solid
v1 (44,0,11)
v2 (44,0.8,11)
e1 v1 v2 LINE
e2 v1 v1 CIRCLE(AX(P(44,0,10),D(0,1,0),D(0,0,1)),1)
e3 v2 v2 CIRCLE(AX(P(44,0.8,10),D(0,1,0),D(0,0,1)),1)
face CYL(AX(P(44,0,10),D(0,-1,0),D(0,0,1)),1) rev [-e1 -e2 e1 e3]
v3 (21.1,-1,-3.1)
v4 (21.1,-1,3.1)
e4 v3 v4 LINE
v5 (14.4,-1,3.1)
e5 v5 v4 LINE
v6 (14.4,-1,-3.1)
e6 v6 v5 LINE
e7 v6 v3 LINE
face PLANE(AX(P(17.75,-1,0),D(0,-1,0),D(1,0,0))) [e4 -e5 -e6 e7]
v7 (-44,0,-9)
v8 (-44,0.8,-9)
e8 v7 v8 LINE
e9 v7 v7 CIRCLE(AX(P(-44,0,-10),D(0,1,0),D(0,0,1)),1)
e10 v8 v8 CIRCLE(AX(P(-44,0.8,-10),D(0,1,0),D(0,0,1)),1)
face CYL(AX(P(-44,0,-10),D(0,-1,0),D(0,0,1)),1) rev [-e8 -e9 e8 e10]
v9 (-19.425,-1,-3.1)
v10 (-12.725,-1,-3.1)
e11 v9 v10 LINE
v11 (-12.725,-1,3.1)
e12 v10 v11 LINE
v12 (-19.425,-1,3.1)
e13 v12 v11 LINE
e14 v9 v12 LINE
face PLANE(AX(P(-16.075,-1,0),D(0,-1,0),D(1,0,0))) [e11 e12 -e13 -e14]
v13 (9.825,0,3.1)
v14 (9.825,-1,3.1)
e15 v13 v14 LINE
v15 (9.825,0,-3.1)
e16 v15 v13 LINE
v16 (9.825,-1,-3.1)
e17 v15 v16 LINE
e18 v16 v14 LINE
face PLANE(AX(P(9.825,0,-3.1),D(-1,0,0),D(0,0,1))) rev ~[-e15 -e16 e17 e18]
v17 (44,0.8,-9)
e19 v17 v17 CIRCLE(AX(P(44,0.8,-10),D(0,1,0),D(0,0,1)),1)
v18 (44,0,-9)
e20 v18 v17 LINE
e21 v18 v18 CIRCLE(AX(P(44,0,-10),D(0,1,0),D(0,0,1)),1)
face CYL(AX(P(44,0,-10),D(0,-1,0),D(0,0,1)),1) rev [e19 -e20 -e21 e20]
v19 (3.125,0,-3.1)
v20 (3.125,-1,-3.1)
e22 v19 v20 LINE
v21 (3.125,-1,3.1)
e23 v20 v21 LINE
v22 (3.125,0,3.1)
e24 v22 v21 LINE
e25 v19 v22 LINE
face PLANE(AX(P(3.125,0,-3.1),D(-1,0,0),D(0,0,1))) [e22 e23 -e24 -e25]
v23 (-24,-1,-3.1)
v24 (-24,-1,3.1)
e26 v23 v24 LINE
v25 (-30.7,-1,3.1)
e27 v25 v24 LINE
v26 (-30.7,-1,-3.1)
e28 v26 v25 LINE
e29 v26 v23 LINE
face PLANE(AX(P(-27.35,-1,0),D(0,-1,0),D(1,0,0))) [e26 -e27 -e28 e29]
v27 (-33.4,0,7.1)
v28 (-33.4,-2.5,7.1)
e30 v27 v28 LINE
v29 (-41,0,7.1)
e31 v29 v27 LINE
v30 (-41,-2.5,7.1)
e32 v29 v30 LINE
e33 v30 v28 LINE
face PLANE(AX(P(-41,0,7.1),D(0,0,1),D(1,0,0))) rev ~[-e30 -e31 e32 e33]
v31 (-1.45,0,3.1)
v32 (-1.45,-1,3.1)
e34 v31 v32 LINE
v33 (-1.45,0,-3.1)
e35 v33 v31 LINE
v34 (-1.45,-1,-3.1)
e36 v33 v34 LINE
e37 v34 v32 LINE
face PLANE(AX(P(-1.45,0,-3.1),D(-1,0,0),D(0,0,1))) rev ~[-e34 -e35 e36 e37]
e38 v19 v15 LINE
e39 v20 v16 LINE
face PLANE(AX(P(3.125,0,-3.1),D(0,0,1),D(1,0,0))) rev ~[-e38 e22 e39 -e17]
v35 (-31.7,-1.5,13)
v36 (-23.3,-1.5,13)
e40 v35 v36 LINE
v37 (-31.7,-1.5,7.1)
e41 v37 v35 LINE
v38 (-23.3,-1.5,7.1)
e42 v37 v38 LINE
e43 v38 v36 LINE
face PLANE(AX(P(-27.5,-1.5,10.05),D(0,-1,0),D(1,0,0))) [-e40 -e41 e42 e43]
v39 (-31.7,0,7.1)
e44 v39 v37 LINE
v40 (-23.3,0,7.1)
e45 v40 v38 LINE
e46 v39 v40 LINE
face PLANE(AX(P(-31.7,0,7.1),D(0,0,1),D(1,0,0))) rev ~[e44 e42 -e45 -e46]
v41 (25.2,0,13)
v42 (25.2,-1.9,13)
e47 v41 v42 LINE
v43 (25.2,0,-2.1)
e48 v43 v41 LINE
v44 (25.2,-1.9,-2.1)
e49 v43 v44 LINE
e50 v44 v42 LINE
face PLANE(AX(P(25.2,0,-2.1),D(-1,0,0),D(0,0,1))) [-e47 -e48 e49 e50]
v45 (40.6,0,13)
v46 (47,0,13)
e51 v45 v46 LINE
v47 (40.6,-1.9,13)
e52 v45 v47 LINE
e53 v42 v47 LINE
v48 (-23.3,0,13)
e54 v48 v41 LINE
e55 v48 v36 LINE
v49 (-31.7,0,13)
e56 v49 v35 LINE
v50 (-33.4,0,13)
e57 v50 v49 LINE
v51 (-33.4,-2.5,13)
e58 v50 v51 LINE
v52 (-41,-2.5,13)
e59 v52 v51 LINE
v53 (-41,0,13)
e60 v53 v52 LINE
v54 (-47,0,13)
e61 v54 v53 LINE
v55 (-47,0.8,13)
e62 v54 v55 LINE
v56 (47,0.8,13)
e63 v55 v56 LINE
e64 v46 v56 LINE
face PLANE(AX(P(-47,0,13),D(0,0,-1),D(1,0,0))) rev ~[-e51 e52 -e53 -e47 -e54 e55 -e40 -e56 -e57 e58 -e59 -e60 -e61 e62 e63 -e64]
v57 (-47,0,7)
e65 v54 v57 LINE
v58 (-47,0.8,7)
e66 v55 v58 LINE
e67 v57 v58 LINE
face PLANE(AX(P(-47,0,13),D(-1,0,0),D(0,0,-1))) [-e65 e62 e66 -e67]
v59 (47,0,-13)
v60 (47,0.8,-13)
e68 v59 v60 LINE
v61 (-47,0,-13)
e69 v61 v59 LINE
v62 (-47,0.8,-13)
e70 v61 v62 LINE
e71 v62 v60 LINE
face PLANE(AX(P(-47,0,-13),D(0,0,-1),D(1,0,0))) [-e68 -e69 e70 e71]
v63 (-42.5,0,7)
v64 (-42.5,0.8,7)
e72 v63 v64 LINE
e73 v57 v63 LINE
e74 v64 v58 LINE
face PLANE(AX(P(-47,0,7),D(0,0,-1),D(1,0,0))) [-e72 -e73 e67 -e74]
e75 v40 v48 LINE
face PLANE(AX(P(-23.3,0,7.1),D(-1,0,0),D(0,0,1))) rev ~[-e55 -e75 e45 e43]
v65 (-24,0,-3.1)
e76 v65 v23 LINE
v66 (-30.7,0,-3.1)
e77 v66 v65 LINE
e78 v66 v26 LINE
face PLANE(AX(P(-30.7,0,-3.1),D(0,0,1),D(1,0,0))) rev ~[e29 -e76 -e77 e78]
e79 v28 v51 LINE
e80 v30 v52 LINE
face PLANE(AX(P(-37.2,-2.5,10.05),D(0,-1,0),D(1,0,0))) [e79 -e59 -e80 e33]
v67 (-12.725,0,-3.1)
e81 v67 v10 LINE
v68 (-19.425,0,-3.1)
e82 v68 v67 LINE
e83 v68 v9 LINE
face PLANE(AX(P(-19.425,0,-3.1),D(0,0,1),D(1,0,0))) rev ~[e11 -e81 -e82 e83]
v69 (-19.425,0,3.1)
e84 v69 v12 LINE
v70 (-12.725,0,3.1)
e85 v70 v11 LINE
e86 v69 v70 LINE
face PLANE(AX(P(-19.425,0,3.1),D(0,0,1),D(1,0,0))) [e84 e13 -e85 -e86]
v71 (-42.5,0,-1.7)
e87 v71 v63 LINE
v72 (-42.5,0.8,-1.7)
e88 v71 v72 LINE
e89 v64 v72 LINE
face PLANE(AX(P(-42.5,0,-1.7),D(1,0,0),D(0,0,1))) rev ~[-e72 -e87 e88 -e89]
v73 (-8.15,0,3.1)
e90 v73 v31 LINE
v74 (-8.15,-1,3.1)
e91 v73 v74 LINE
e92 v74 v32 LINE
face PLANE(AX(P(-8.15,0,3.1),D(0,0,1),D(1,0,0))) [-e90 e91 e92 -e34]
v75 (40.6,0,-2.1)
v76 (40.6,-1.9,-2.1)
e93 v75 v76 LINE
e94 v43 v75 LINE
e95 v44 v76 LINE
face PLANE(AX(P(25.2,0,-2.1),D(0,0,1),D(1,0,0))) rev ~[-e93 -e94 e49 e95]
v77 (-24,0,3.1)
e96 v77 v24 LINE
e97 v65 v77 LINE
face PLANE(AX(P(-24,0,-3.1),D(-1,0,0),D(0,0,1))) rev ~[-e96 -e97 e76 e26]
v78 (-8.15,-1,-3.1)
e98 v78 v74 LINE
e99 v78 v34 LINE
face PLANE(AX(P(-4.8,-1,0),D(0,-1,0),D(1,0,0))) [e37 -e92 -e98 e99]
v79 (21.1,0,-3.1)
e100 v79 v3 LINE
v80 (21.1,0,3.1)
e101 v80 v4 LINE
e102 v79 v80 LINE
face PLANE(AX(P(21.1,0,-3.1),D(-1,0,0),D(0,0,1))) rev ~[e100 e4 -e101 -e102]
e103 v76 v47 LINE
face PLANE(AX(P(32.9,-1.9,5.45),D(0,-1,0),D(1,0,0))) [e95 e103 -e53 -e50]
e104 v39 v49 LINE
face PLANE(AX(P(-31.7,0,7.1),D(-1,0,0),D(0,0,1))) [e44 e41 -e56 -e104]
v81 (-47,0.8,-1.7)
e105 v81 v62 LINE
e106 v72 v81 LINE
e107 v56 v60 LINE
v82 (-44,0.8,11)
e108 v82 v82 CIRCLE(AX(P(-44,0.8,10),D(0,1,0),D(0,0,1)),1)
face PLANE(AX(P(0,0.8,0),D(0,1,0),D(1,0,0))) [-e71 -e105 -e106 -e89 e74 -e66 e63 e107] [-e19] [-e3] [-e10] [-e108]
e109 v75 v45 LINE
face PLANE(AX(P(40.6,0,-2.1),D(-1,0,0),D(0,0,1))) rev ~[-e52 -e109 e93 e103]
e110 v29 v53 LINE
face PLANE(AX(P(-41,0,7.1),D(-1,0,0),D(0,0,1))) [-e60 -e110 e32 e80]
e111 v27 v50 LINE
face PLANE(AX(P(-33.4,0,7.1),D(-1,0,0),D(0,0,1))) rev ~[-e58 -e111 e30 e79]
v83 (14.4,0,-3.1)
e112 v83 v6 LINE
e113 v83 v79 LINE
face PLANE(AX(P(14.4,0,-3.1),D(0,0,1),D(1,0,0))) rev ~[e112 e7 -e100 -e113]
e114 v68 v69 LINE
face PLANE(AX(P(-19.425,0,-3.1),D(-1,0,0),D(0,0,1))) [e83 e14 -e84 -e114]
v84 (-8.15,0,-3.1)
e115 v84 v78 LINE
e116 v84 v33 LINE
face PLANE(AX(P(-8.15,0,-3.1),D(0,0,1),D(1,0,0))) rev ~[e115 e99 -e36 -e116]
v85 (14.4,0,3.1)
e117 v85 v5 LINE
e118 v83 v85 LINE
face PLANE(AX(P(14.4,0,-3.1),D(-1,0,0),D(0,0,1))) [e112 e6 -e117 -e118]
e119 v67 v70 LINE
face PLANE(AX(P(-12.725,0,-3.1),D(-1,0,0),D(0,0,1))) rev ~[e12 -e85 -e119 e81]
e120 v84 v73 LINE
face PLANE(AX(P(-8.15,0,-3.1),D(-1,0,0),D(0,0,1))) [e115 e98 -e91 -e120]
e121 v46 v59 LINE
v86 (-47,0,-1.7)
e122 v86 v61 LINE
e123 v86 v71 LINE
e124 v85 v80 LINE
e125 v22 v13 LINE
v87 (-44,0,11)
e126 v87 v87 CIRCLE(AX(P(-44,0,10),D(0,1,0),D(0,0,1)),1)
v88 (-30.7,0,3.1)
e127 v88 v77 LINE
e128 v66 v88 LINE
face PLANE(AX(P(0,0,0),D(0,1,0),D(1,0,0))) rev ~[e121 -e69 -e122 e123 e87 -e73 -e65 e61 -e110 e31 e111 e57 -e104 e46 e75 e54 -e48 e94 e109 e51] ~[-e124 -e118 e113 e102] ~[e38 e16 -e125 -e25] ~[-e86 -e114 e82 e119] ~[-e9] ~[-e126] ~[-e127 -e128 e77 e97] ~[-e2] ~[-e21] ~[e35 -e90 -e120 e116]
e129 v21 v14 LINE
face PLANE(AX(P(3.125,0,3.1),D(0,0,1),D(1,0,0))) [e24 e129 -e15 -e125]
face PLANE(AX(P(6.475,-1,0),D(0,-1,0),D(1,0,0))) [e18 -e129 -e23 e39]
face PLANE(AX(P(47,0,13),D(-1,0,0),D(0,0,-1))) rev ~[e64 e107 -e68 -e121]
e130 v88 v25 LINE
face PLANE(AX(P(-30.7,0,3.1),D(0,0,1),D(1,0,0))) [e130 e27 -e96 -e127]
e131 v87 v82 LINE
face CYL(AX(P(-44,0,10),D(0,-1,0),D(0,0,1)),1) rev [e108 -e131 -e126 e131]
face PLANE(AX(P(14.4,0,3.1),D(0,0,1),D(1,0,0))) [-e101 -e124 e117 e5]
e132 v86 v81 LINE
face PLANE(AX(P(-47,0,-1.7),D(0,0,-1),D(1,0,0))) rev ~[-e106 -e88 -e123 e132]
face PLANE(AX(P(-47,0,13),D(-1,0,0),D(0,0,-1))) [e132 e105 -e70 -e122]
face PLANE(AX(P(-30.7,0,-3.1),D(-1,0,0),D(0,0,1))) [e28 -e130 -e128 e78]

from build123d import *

# Parameters (mm, degrees)
SKETCH_1_W          = 94
SKETCH_1_H          = 26
SKETCH_1_R          = 1
EXTRUDE_1_DEPTH     = 0.8
SKETCH_3_W          = 15.4
SKETCH_3_H          = 15.1
EXTRUDE_4_DEPTH     = 1.9
SKETCH_3_3_W        = 6.7
SKETCH_3_3_H        = 6.2
EXTRUDE_5_DEPTH     = 1
SKETCH_3_4_W        = 8.4
SKETCH_3_4_H        = 5.9
EXTRUDE_6_DEPTH     = 1.5
SKETCH_3_5_W        = 7.6
SKETCH_3_5_H        = 5.9
EXTRUDE_7_DEPTH     = 2.5
SKETCH_3_6_W        = 4.5
SKETCH_3_6_H        = 8.7
CUT_EXTRUDE_1_DEPTH = 49.828782496


with BuildPart() as part:
    # 草图1 → 凸台-拉伸1 (new body)
    with BuildSketch(Plane(origin=(0, 0, 0), x_dir=(1, 0, 0), z_dir=(0, 1, 0))):
        Rectangle(SKETCH_1_W, SKETCH_1_H)
        with Locations((-44, 10)):
            Circle(SKETCH_1_R, mode=Mode.SUBTRACT)
        with Locations((-44, -10)):
            Circle(SKETCH_1_R, mode=Mode.SUBTRACT)
        with Locations((44, 10)):
            Circle(SKETCH_1_R, mode=Mode.SUBTRACT)
        with Locations((44, -10)):
            Circle(SKETCH_1_R, mode=Mode.SUBTRACT)
    extrude(amount=EXTRUDE_1_DEPTH)

    # 草图3 → 凸台-拉伸4 (add)
    with BuildSketch(Plane.XZ):
        with Locations((32.9, 5.45)):
            Rectangle(SKETCH_3_W, SKETCH_3_H)
    extrude(amount=EXTRUDE_4_DEPTH)

    # 草图3<3> → 凸台-拉伸5 (add)
    with BuildSketch(Plane.XZ):
        with Locations((-27.35, 0)):
            Rectangle(SKETCH_3_3_W, SKETCH_3_3_H)
        with Locations((-16.075, 0)):
            Rectangle(SKETCH_3_3_W, SKETCH_3_3_H)
        with Locations((-4.8, 0)):
            Rectangle(SKETCH_3_3_W, SKETCH_3_3_H)
        with Locations((6.475, 0)):
            Rectangle(SKETCH_3_3_W, SKETCH_3_3_H)
        with Locations((17.75, 0)):
            Rectangle(SKETCH_3_3_W, SKETCH_3_3_H)
    extrude(amount=EXTRUDE_5_DEPTH)

    # 草图3<4> → 凸台-拉伸6 (add)
    with BuildSketch(Plane.XZ):
        with Locations((-27.5, 10.05)):
            Rectangle(SKETCH_3_4_W, SKETCH_3_4_H)
    extrude(amount=EXTRUDE_6_DEPTH)

    # 草图3<5> → 凸台-拉伸7 (add)
    with BuildSketch(Plane.XZ):
        with Locations((-37.2, 10.05)):
            Rectangle(SKETCH_3_5_W, SKETCH_3_5_H)
    extrude(amount=EXTRUDE_7_DEPTH)

    # 草图3<6> → 切除-拉伸1 (cut, through all)
    with BuildSketch(Plane.XZ):
        with Locations((-44.75, 2.65)):
            Rectangle(SKETCH_3_6_W, SKETCH_3_6_H)
    extrude(amount=-CUT_EXTRUDE_1_DEPTH, mode=Mode.SUBTRACT)


solid = part.part
